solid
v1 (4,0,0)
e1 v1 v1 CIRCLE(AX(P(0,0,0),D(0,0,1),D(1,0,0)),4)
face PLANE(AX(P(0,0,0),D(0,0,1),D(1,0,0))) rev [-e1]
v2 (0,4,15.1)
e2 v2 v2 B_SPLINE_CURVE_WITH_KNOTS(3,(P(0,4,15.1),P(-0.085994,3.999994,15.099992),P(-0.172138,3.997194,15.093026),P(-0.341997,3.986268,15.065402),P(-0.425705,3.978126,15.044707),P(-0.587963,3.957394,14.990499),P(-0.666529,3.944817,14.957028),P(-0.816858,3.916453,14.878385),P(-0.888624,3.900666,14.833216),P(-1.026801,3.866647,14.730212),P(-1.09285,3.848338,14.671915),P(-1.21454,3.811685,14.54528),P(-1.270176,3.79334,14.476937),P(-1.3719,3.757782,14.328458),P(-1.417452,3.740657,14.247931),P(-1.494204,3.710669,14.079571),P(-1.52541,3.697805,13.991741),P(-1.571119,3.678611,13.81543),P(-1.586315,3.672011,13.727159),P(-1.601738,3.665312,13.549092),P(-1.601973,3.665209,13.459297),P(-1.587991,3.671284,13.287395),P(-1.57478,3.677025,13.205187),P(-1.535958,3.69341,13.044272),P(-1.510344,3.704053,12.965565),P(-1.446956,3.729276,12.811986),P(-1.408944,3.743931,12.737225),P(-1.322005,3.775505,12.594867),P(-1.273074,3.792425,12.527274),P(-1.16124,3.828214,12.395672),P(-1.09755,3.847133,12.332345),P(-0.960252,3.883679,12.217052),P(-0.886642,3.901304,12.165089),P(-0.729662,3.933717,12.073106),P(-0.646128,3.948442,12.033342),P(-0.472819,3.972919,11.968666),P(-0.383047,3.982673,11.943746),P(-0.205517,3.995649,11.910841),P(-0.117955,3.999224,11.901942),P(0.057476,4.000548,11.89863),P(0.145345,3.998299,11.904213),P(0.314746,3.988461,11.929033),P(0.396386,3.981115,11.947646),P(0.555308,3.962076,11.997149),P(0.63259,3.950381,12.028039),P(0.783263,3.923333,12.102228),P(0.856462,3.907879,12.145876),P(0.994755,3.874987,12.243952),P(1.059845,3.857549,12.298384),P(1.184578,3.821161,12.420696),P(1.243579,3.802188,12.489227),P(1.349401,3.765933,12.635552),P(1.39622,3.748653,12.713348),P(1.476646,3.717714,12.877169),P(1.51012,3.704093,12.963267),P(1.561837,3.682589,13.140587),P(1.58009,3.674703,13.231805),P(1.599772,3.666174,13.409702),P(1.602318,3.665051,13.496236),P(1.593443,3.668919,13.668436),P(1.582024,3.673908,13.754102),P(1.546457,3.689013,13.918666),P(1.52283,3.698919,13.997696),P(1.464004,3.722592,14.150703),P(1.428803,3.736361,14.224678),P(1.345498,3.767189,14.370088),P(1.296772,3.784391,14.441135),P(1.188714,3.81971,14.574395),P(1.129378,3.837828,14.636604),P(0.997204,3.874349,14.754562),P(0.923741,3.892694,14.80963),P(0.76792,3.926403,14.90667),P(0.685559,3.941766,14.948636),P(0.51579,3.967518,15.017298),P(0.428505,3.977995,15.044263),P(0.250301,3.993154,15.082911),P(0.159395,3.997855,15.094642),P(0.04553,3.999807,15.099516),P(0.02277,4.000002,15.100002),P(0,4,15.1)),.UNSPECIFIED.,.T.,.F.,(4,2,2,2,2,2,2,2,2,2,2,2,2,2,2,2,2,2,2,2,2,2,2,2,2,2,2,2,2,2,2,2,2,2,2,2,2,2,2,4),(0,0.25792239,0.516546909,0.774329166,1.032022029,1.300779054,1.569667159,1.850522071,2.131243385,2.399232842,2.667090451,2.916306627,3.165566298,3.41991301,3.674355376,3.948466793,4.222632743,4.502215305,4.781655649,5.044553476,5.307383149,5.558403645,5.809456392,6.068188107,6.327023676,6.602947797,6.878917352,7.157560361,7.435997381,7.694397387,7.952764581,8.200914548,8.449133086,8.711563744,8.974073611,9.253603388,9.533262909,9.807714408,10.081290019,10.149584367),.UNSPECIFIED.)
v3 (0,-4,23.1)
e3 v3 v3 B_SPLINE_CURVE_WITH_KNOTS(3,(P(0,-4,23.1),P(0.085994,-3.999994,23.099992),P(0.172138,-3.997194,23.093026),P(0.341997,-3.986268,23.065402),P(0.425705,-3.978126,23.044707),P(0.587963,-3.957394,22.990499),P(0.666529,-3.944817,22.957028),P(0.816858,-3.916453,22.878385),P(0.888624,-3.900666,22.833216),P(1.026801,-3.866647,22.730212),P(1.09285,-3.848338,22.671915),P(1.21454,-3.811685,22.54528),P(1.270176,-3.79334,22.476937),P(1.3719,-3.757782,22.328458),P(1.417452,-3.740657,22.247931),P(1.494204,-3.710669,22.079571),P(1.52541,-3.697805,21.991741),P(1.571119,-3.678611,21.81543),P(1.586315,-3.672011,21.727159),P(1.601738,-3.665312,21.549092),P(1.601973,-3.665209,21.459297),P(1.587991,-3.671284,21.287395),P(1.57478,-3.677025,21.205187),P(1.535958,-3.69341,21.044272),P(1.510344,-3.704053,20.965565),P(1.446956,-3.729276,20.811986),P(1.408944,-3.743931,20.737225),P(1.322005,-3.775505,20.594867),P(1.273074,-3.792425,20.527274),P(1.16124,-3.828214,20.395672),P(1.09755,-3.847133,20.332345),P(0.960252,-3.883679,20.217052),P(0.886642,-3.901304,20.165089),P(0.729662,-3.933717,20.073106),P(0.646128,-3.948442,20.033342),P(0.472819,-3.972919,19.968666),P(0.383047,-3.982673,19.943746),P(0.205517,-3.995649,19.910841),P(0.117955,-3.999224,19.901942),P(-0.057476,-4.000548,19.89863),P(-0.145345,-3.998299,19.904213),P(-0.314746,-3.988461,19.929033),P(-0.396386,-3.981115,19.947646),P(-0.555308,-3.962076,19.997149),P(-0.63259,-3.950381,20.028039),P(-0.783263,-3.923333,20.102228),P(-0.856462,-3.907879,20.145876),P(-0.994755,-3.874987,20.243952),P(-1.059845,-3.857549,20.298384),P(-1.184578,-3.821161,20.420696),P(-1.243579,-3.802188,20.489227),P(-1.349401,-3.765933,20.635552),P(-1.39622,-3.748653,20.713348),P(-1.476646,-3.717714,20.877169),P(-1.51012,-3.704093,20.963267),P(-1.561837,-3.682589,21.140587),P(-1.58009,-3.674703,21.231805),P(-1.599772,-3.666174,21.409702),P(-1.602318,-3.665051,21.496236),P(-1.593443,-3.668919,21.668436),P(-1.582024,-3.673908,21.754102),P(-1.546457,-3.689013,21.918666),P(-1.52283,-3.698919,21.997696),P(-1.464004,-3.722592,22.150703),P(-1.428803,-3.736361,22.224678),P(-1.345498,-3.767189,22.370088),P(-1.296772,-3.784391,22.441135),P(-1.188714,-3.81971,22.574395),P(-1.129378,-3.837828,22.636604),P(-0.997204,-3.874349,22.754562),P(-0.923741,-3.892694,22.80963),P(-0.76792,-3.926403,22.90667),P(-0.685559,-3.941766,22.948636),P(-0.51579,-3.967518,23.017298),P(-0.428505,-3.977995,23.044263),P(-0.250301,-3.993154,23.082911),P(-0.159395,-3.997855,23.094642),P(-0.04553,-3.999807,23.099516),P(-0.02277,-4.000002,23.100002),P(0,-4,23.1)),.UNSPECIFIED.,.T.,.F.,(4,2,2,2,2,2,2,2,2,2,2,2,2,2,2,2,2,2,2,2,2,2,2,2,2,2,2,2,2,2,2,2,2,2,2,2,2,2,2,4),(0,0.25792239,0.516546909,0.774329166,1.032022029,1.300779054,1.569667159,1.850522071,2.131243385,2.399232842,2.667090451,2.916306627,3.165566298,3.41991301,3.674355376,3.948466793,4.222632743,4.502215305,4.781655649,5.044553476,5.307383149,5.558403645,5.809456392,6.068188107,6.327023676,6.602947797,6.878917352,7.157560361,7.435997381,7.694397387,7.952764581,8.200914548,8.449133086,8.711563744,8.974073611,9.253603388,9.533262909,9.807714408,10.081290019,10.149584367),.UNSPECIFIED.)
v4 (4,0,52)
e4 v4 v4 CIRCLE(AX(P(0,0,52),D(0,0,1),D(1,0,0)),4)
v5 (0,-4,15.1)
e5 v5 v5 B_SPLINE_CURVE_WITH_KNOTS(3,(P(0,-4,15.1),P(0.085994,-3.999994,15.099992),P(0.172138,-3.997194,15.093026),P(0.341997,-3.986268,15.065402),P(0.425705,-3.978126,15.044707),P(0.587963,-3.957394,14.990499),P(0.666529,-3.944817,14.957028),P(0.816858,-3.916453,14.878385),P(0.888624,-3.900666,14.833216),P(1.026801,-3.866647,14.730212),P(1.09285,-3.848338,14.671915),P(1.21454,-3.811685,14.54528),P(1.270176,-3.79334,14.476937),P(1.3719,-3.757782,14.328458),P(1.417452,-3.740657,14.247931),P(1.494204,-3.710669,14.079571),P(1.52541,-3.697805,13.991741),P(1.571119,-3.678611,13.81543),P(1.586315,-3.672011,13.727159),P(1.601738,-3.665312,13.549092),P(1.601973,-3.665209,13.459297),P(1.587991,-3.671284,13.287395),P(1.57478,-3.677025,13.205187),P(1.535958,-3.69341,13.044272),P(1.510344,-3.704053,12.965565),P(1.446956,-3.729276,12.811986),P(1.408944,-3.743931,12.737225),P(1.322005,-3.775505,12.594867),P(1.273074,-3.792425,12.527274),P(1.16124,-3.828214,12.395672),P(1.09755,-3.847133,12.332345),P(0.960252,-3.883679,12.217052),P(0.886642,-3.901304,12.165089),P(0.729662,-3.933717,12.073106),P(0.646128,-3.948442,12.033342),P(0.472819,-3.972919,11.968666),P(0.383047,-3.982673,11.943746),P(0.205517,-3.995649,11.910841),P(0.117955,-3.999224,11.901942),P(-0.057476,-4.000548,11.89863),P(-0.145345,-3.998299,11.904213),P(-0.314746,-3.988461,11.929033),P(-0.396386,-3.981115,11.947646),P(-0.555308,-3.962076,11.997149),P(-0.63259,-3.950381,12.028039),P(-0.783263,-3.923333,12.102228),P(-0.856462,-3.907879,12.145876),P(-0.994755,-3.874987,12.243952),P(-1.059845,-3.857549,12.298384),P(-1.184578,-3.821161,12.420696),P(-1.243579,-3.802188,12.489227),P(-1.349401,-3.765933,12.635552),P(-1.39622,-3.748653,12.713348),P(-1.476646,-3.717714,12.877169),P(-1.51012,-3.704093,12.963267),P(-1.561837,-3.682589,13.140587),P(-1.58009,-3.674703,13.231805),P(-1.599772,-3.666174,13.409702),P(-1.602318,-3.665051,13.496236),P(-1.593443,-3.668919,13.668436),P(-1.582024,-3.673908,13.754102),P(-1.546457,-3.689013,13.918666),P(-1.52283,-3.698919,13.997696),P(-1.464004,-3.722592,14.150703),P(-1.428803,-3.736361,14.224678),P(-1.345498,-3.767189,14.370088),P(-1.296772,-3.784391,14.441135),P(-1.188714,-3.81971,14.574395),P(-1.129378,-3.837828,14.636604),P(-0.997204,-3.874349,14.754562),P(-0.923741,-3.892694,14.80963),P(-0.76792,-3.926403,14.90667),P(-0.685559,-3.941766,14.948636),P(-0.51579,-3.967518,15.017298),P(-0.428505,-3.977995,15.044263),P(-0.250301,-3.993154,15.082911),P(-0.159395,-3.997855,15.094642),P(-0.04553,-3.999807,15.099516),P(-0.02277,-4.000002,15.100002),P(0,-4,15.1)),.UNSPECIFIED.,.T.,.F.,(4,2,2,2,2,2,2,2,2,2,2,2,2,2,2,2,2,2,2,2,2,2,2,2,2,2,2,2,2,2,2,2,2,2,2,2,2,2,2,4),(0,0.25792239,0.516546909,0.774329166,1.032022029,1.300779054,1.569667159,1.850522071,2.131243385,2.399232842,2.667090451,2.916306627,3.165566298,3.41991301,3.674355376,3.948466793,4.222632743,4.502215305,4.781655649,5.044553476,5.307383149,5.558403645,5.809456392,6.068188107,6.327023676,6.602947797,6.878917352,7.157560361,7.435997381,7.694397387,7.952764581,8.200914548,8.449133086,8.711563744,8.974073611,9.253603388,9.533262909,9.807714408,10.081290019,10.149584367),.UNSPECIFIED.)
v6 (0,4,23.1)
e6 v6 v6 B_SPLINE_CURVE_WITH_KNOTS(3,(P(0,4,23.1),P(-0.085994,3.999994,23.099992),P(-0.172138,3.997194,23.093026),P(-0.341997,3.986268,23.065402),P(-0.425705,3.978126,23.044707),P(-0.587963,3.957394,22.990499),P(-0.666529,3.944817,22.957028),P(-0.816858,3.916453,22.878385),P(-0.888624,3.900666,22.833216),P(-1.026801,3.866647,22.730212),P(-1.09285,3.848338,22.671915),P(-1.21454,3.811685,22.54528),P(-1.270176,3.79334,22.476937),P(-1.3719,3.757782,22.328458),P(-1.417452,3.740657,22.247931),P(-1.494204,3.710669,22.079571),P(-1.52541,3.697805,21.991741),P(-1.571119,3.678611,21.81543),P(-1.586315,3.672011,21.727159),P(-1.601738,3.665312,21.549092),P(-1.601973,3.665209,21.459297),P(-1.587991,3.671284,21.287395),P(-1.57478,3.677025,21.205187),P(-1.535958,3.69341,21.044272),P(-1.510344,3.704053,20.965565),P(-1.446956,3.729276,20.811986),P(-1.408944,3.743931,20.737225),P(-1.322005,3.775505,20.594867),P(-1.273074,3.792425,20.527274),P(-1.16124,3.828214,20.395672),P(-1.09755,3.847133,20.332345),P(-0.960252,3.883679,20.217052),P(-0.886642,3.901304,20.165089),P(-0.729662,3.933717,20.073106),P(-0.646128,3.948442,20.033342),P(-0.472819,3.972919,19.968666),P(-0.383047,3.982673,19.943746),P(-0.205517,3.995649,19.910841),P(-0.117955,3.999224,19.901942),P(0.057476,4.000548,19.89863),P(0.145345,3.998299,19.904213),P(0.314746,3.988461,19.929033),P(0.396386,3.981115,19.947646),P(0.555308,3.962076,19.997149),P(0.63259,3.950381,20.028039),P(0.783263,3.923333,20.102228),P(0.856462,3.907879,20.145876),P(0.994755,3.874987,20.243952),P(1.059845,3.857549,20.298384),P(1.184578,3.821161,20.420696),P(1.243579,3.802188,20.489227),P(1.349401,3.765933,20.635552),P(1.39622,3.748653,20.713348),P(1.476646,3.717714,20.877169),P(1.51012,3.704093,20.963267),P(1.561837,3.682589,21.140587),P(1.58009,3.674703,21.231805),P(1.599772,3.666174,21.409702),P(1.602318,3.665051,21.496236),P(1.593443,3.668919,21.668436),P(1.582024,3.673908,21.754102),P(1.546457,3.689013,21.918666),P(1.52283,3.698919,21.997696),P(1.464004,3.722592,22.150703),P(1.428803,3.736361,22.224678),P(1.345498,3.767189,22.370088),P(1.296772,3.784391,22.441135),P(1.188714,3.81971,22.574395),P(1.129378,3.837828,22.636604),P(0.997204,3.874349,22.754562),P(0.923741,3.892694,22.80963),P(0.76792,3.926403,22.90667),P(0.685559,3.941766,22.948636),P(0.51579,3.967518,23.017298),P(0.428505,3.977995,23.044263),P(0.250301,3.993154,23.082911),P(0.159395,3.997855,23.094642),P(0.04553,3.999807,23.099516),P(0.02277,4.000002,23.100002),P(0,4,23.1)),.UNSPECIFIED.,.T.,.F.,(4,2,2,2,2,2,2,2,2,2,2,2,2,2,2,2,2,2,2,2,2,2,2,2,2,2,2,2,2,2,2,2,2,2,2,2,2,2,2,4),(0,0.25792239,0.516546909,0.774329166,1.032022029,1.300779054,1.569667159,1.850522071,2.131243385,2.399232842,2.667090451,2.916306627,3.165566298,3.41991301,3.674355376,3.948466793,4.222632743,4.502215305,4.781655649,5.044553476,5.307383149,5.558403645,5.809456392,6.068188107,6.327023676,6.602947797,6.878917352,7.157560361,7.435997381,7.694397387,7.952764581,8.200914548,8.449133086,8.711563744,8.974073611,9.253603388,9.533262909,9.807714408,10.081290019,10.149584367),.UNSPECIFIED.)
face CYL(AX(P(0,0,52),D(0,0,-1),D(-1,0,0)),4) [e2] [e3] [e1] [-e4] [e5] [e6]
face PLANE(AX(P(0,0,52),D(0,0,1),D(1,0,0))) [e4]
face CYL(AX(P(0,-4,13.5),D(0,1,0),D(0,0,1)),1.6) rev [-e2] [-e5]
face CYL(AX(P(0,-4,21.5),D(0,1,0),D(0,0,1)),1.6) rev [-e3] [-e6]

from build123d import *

# Parameters (mm, degrees)
SKETCH_304_R          = 4
EXTRUDE_349_DEPTH     = 52
SKETCH_433_R          = 1.6
CUT_EXTRUDE_540_DEPTH = 53.763623833


with BuildPart() as part:
    # Sketch 304 → Extrude 349 (new body)
    with BuildSketch(Plane.XY):
        Circle(SKETCH_304_R)
    extrude(amount=EXTRUDE_349_DEPTH)

    # Sketch 433 → Cut-Extrude 540 (cut, through all)
    with BuildSketch(Plane(origin=(0, 4, 0), x_dir=(1, 0, 0), z_dir=(0, 1, 0))):
        with Locations((0, -13.5)):
            Circle(SKETCH_433_R)
        with Locations((0, -21.5)):
            Circle(SKETCH_433_R)
    extrude(amount=-CUT_EXTRUDE_540_DEPTH, mode=Mode.SUBTRACT)


solid = part.part
